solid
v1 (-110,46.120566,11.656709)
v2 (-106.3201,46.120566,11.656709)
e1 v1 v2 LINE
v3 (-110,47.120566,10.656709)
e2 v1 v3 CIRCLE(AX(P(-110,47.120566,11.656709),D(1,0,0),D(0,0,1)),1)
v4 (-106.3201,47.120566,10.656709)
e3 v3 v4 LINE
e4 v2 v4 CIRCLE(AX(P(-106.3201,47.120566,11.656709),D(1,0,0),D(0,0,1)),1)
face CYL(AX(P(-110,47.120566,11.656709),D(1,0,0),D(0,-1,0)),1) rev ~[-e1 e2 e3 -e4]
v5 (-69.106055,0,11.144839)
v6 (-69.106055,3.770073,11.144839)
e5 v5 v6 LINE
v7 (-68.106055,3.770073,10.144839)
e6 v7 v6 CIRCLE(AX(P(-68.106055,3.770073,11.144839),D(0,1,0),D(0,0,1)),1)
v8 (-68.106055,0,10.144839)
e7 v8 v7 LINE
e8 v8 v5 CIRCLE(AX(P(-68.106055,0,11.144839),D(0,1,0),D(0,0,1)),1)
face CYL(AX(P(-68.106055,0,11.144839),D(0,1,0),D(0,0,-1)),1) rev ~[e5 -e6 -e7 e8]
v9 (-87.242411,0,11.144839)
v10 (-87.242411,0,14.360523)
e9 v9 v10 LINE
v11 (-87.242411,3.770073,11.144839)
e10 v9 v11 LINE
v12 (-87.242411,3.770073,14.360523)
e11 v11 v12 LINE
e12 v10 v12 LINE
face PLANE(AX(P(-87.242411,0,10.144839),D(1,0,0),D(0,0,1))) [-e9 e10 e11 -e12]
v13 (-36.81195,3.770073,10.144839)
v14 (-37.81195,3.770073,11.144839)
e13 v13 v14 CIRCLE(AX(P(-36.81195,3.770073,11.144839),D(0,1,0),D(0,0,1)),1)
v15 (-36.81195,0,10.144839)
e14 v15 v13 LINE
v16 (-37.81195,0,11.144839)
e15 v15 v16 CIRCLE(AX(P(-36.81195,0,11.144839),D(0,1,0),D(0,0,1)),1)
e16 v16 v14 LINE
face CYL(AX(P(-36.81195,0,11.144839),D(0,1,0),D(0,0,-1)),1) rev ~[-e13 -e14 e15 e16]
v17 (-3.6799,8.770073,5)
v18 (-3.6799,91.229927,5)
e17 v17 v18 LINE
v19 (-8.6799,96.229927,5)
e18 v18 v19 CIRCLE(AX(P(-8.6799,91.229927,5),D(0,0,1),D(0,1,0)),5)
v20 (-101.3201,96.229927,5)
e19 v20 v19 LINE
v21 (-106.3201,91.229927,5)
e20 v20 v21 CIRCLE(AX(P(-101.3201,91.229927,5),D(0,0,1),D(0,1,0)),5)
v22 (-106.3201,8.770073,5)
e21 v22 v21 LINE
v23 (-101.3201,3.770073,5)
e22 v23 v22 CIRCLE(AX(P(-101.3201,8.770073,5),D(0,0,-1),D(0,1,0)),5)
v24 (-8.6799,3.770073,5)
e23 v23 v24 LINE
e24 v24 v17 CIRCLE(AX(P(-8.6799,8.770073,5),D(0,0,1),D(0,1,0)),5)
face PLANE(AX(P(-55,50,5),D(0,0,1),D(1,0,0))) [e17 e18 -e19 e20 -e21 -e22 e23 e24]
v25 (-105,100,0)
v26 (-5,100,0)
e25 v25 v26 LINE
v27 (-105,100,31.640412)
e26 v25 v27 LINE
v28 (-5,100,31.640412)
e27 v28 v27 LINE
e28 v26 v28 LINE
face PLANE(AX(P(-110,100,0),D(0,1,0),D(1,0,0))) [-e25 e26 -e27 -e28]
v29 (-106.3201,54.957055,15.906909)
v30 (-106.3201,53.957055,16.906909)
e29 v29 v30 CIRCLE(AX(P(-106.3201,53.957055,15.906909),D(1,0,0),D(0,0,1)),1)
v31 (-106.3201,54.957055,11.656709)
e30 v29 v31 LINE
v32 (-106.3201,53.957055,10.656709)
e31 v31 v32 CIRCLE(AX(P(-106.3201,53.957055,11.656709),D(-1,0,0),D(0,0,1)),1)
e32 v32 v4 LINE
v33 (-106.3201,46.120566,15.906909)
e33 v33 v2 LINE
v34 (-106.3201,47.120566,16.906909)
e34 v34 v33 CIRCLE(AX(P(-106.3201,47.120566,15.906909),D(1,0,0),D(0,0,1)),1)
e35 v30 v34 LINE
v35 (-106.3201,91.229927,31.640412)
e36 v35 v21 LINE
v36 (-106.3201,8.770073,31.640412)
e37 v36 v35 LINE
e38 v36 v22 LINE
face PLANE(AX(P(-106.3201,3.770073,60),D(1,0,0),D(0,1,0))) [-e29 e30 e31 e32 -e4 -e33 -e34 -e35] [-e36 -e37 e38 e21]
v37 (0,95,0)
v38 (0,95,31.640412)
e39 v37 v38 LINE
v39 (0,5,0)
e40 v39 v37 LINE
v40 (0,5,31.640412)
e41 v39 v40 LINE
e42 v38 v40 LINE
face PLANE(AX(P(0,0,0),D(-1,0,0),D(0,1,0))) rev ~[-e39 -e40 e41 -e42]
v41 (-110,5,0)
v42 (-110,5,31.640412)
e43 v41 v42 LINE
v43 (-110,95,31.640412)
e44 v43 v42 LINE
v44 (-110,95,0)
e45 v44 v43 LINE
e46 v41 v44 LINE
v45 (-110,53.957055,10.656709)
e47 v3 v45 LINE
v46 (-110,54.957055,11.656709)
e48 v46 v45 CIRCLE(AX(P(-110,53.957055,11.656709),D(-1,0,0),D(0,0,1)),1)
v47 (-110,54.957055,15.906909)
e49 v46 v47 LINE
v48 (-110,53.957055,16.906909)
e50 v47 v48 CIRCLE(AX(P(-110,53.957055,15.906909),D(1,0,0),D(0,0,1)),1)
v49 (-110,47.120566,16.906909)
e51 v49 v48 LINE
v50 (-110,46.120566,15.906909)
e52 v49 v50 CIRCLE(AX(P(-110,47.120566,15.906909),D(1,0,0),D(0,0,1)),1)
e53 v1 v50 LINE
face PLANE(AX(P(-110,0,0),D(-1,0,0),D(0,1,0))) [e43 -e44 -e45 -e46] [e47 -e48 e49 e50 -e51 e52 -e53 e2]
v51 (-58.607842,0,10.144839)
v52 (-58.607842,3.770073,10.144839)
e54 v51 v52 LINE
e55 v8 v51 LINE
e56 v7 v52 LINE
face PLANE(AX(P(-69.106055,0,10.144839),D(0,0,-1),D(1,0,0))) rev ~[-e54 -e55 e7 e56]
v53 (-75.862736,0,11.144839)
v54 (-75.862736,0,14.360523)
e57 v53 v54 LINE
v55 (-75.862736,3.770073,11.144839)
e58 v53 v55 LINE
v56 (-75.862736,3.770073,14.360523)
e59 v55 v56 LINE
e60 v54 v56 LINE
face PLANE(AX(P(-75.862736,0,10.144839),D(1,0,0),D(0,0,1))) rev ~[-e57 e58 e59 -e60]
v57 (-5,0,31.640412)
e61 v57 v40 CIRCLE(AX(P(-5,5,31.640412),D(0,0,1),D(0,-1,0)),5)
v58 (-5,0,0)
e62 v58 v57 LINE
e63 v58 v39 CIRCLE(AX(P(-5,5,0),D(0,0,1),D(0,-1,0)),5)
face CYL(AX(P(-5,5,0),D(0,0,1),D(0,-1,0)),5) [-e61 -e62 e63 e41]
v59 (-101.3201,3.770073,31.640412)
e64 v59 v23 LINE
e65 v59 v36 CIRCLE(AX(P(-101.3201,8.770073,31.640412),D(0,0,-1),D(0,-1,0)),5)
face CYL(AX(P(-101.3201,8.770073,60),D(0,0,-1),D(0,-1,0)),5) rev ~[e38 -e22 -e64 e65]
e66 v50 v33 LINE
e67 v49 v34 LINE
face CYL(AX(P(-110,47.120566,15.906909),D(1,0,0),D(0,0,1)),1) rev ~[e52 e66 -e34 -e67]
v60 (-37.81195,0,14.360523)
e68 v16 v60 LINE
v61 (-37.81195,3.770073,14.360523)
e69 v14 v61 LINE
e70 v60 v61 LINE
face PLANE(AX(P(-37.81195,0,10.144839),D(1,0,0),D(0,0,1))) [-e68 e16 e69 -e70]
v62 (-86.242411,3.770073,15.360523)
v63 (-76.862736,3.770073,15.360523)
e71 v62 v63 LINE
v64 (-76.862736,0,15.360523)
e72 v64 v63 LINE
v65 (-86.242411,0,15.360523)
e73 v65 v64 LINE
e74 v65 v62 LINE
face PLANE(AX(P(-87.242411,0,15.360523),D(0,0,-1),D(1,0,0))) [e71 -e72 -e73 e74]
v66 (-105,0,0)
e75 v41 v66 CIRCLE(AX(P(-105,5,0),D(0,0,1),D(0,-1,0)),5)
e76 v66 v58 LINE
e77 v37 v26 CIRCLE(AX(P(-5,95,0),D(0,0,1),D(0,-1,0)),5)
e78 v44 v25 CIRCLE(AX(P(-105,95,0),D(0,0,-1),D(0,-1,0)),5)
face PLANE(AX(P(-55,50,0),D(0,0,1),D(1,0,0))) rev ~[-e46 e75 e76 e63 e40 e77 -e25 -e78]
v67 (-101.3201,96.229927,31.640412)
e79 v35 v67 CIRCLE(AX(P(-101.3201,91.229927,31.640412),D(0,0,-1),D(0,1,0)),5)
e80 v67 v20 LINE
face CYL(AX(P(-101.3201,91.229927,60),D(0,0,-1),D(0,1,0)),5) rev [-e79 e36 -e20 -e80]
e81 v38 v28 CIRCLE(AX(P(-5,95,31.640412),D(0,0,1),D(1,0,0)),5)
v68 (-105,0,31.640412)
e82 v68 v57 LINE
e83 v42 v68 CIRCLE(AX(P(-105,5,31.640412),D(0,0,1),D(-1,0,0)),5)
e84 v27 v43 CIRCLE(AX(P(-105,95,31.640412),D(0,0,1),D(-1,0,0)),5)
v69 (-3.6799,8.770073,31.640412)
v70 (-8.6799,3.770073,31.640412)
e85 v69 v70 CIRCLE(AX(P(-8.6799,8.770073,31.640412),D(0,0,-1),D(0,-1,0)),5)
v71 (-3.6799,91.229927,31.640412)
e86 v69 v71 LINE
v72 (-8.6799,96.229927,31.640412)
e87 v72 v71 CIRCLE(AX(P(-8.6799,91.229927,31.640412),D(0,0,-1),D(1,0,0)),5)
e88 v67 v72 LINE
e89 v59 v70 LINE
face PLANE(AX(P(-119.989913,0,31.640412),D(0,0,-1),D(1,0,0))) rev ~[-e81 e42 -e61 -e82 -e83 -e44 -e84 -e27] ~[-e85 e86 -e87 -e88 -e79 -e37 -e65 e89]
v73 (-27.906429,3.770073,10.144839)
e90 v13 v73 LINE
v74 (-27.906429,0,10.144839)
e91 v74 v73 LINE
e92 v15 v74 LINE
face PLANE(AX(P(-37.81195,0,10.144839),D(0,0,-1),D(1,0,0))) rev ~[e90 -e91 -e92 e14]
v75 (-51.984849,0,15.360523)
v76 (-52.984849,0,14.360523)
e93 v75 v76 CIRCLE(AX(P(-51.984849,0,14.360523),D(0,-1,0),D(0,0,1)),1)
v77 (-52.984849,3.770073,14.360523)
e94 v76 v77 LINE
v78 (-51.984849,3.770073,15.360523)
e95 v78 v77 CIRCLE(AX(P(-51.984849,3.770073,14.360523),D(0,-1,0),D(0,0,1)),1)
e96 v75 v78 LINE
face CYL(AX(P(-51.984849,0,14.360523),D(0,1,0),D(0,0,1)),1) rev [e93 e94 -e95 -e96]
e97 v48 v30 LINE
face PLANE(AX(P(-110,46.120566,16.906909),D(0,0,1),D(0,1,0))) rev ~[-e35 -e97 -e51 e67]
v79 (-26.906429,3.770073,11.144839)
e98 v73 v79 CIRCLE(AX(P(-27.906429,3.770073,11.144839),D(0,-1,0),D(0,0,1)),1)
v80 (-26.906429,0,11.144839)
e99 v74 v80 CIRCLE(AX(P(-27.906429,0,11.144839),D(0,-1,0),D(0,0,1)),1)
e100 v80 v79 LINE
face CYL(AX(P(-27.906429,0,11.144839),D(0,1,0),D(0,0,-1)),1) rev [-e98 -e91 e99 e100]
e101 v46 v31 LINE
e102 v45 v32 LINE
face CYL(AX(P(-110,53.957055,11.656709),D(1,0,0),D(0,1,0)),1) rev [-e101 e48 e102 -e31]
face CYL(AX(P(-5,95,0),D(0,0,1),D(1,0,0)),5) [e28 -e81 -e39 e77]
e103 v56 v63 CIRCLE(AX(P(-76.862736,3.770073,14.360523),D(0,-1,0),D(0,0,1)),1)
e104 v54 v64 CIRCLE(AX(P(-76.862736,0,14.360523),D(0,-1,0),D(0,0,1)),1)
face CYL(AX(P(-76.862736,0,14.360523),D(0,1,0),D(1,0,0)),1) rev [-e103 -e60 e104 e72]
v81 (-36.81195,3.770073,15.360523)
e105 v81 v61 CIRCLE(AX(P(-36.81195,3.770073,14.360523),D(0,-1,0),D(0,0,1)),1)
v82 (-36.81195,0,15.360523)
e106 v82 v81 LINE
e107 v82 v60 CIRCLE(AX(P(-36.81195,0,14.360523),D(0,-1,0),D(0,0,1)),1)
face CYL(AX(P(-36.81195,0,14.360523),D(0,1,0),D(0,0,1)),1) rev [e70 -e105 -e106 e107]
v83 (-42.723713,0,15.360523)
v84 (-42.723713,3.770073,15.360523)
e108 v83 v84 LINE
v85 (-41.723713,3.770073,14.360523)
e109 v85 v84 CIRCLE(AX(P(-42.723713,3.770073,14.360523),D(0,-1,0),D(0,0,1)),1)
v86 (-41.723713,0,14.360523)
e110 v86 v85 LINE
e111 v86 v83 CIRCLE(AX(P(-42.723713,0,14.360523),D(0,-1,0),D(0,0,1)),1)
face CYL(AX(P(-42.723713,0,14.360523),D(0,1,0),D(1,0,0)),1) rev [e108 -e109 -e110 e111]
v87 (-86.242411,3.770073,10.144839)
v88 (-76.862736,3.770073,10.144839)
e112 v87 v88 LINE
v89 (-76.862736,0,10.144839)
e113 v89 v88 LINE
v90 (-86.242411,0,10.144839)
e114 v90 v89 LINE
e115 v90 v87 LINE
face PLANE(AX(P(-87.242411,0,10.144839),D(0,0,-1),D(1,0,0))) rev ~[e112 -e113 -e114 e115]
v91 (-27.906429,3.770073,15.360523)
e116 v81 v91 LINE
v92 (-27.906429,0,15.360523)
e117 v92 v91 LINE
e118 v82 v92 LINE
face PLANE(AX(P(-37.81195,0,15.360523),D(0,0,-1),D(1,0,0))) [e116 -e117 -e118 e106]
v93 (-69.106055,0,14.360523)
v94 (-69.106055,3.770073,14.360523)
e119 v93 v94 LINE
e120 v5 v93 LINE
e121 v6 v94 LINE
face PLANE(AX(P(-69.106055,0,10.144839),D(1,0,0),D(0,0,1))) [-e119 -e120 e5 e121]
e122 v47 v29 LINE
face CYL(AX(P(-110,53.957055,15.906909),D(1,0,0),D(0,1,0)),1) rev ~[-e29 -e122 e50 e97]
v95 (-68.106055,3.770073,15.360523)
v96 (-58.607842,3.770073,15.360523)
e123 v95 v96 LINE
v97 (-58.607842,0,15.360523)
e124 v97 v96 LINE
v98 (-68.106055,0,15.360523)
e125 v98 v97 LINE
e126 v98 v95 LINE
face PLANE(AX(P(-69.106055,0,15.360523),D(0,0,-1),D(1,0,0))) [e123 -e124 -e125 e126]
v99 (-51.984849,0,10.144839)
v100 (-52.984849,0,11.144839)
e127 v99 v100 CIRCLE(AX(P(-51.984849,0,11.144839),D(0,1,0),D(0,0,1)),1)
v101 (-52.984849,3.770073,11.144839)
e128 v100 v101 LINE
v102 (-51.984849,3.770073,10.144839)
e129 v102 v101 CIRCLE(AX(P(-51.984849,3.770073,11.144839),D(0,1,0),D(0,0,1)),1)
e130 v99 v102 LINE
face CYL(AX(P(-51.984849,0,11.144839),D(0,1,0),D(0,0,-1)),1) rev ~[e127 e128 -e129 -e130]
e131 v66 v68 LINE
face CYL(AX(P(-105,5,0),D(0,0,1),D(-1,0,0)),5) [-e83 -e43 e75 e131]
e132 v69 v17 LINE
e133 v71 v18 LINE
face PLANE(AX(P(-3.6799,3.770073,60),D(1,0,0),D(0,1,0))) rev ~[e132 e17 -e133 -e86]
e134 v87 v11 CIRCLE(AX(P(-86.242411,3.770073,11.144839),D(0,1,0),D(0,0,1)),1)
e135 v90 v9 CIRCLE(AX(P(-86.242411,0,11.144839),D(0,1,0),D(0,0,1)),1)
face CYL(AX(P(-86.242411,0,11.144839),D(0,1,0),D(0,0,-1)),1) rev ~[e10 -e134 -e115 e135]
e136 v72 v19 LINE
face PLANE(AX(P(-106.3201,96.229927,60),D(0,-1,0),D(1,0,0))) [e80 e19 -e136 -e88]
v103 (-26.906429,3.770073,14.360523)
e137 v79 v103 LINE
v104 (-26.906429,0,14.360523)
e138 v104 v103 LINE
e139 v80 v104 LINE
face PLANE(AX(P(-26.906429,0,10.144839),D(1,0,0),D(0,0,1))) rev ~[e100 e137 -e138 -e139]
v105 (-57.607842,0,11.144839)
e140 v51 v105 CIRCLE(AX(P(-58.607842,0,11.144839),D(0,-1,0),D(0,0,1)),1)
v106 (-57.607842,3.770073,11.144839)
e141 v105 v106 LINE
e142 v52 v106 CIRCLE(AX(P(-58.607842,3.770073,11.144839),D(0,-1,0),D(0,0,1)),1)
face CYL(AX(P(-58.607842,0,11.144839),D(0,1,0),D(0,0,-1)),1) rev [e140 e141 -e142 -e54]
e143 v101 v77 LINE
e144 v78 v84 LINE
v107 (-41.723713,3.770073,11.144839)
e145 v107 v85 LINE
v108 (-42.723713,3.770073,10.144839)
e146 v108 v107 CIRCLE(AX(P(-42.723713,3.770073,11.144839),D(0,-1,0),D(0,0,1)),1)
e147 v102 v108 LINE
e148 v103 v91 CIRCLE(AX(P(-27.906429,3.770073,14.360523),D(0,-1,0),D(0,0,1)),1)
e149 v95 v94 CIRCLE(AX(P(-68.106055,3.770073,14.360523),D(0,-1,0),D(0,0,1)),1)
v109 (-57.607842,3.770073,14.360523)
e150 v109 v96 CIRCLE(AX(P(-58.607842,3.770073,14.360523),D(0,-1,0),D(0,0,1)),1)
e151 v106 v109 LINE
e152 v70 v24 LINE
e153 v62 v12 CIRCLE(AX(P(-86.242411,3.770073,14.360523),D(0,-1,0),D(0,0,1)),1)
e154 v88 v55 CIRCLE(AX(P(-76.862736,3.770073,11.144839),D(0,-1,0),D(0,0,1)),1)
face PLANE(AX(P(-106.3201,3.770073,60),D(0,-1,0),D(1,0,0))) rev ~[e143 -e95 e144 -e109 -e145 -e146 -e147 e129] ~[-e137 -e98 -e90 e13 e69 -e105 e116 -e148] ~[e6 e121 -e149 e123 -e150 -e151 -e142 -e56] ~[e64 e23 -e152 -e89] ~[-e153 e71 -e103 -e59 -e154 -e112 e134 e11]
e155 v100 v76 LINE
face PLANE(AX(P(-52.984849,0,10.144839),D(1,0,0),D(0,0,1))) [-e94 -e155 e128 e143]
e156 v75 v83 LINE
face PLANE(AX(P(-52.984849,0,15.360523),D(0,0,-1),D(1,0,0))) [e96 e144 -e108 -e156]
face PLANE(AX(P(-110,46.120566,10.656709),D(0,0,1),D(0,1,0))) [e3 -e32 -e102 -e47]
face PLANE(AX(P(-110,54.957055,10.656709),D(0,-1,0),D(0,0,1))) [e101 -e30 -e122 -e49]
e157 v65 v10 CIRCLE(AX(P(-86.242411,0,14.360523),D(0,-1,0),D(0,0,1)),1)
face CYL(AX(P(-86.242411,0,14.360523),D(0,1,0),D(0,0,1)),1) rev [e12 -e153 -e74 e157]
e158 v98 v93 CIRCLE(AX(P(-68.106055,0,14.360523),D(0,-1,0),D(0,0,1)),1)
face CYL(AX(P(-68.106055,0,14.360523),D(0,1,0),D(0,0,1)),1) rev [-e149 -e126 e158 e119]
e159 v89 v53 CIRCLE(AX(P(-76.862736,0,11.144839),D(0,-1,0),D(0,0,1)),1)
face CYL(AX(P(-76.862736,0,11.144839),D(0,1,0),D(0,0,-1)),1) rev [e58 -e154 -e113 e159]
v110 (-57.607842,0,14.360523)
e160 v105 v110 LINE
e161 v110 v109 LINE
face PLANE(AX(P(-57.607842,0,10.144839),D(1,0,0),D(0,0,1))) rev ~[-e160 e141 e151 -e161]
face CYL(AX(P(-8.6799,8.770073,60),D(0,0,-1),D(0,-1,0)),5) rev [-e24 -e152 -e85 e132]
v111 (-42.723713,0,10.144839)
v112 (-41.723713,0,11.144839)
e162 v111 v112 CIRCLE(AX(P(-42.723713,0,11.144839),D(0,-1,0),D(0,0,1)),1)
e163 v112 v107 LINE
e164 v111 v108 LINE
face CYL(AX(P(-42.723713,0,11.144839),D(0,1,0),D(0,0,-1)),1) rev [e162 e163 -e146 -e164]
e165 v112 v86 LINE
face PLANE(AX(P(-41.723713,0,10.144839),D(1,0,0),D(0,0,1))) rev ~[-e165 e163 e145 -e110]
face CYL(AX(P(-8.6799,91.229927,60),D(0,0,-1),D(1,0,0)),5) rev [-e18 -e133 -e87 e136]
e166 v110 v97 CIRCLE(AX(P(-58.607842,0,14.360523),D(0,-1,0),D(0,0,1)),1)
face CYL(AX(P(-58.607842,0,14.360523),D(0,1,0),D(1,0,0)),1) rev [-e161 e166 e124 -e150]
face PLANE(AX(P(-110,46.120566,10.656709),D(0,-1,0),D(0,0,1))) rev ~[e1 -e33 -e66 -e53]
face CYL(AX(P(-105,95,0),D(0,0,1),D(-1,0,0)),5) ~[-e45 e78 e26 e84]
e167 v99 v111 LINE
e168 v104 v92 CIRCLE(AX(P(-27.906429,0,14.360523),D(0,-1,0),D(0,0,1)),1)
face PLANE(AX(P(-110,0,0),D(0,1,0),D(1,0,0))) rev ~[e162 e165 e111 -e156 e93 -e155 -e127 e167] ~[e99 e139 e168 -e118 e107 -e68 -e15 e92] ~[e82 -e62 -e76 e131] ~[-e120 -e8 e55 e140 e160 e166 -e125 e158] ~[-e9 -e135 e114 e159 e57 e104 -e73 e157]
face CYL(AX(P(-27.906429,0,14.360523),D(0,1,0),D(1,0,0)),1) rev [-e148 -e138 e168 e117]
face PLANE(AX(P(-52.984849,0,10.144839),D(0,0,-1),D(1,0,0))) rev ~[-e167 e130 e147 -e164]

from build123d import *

# Parameters (mm, degrees)
ESQUISSE1_W             = 110
ESQUISSE1_H             = 100
BOSS_EXTRU_1_DEPTH      = 60
CONG_1_R                = 5
ESQUISSE2_W             = 102.640200382
ESQUISSE2_H             = 92.45985442
ENL_V_MAT_EXTRU_1_DEPTH = 55
CONG_2_R                = 5
ESQUISSE3_W             = 11.37967439
ESQUISSE3_H             = 5.215684095
ESQUISSE3_W_2           = 11.498212665
ESQUISSE3_W_3           = 11.261136116
ESQUISSE3_W_4           = 10.905521291
ENL_V_MAT_EXTRU_2_DEPTH = 55
CONG_3_R                = 1
ESQUISSE4_W             = 6.250199949
ESQUISSE4_H             = 8.836489583
ENL_V_MAT_EXTRU_3_DEPTH = 55
CONG_4_R                = 1
ESQUISSE6_W             = 129.088181363
ESQUISSE6_H             = 36.035635569
ENL_V_MAT_EXTRU_5_DEPTH = 115


with BuildPart() as part:
    # Esquisse1 → Boss.-Extru.1 (new body)
    with BuildSketch(Plane.XY):
        with Locations((-55, 50)):
            Rectangle(ESQUISSE1_W, ESQUISSE1_H)
    extrude(amount=BOSS_EXTRU_1_DEPTH)

    # Congé1
    cong_1_edges = [part.edges().sort_by_distance(p)[0] for p in [
        (0, 0, 30),
        (-110, 0, 30),
        (-110, 100, 30),
        (0, 100, 30),
    ]]
    fillet(cong_1_edges, radius=CONG_1_R)

    # Esquisse2 → Enlèv. mat.-Extru.1 (cut)
    with BuildSketch(Plane.XY.offset(60)):
        with Locations((-55, 50)):
            Rectangle(ESQUISSE2_W, ESQUISSE2_H)
    extrude(amount=-ENL_V_MAT_EXTRU_1_DEPTH, mode=Mode.SUBTRACT)

    # Congé2
    cong_2_edges = [part.edges().sort_by_distance(p)[0] for p in [
        (-106.320100191, 3.77007279, 32.5),
        (-106.320100191, 96.22992721, 32.5),
        (-3.679899809, 96.22992721, 32.5),
        (-3.679899809, 3.77007279, 32.5),
    ]]
    fillet(cong_2_edges, radius=CONG_2_R)

    # Esquisse3 → Enlèv. mat.-Extru.2 (cut)
    with BuildSketch(Plane.XZ):
        with Locations((-81.552573577, 12.752681003)):
            Rectangle(ESQUISSE3_W, ESQUISSE3_H)
        with Locations((-63.356948381, 12.752681003)):
            Rectangle(ESQUISSE3_W_2, ESQUISSE3_H)
        with Locations((-47.354281269, 12.752681003)):
            Rectangle(ESQUISSE3_W_3, ESQUISSE3_H)
        with Locations((-32.359189495, 12.752681003)):
            Rectangle(ESQUISSE3_W_4, ESQUISSE3_H)
    extrude(amount=-ENL_V_MAT_EXTRU_2_DEPTH, mode=Mode.SUBTRACT)

    # Congé3
    cong_3_edges = [part.edges().sort_by_distance(p)[0] for p in [
        (-69.106054713, 1.885036395, 10.144838955),
        (-69.106054713, 1.885036395, 15.36052305),
        (-57.607842048, 1.885036395, 15.36052305),
        (-57.607842048, 1.885036395, 10.144838955),
        (-52.984849327, 1.885036395, 10.144838955),
        (-52.984849327, 1.885036395, 15.36052305),
        (-41.723713211, 1.885036395, 15.36052305),
        (-41.723713211, 1.885036395, 10.144838955),
        (-37.81195014, 1.885036395, 10.144838955),
        (-37.81195014, 1.885036395, 15.36052305),
        (-26.906428849, 1.885036395, 15.36052305),
        (-26.906428849, 1.885036395, 10.144838955),
        (-87.242410772, 1.885036395, 10.144838955),
        (-87.242410772, 1.885036395, 15.36052305),
        (-75.862736382, 1.885036395, 15.36052305),
        (-75.862736382, 1.885036395, 10.144838955),
    ]]
    fillet(cong_3_edges, radius=CONG_3_R)

    # Esquisse4 → Enlèv. mat.-Extru.3 (cut)
    with BuildSketch(Plane.ZY.offset(110)):
        with Locations((13.781808753, 50.538810341)):
            Rectangle(ESQUISSE4_W, ESQUISSE4_H)
    extrude(amount=-ENL_V_MAT_EXTRU_3_DEPTH, mode=Mode.SUBTRACT)

    # Congé4
    cong_4_edges = [part.edges().sort_by_distance(p)[0] for p in [
        (-108.160050095, 46.120565549, 16.906908727),
        (-108.160050095, 46.120565549, 10.656708778),
        (-108.160050095, 54.957055132, 10.656708778),
        (-108.160050095, 54.957055132, 16.906908727),
    ]]
    fillet(cong_4_edges, radius=CONG_4_R)

    # Esquisse6 → Enlèv. mat.-Extru.5 (cut)
    with BuildSketch(Plane(origin=(0, 0, 0), x_dir=(1, 0, 0), z_dir=(0, 1, 0))):
        with Locations((-55.445822543, -49.658229713)):
            Rectangle(ESQUISSE6_W, ESQUISSE6_H)
    extrude(amount=ENL_V_MAT_EXTRU_5_DEPTH, mode=Mode.SUBTRACT)


solid = part.part
